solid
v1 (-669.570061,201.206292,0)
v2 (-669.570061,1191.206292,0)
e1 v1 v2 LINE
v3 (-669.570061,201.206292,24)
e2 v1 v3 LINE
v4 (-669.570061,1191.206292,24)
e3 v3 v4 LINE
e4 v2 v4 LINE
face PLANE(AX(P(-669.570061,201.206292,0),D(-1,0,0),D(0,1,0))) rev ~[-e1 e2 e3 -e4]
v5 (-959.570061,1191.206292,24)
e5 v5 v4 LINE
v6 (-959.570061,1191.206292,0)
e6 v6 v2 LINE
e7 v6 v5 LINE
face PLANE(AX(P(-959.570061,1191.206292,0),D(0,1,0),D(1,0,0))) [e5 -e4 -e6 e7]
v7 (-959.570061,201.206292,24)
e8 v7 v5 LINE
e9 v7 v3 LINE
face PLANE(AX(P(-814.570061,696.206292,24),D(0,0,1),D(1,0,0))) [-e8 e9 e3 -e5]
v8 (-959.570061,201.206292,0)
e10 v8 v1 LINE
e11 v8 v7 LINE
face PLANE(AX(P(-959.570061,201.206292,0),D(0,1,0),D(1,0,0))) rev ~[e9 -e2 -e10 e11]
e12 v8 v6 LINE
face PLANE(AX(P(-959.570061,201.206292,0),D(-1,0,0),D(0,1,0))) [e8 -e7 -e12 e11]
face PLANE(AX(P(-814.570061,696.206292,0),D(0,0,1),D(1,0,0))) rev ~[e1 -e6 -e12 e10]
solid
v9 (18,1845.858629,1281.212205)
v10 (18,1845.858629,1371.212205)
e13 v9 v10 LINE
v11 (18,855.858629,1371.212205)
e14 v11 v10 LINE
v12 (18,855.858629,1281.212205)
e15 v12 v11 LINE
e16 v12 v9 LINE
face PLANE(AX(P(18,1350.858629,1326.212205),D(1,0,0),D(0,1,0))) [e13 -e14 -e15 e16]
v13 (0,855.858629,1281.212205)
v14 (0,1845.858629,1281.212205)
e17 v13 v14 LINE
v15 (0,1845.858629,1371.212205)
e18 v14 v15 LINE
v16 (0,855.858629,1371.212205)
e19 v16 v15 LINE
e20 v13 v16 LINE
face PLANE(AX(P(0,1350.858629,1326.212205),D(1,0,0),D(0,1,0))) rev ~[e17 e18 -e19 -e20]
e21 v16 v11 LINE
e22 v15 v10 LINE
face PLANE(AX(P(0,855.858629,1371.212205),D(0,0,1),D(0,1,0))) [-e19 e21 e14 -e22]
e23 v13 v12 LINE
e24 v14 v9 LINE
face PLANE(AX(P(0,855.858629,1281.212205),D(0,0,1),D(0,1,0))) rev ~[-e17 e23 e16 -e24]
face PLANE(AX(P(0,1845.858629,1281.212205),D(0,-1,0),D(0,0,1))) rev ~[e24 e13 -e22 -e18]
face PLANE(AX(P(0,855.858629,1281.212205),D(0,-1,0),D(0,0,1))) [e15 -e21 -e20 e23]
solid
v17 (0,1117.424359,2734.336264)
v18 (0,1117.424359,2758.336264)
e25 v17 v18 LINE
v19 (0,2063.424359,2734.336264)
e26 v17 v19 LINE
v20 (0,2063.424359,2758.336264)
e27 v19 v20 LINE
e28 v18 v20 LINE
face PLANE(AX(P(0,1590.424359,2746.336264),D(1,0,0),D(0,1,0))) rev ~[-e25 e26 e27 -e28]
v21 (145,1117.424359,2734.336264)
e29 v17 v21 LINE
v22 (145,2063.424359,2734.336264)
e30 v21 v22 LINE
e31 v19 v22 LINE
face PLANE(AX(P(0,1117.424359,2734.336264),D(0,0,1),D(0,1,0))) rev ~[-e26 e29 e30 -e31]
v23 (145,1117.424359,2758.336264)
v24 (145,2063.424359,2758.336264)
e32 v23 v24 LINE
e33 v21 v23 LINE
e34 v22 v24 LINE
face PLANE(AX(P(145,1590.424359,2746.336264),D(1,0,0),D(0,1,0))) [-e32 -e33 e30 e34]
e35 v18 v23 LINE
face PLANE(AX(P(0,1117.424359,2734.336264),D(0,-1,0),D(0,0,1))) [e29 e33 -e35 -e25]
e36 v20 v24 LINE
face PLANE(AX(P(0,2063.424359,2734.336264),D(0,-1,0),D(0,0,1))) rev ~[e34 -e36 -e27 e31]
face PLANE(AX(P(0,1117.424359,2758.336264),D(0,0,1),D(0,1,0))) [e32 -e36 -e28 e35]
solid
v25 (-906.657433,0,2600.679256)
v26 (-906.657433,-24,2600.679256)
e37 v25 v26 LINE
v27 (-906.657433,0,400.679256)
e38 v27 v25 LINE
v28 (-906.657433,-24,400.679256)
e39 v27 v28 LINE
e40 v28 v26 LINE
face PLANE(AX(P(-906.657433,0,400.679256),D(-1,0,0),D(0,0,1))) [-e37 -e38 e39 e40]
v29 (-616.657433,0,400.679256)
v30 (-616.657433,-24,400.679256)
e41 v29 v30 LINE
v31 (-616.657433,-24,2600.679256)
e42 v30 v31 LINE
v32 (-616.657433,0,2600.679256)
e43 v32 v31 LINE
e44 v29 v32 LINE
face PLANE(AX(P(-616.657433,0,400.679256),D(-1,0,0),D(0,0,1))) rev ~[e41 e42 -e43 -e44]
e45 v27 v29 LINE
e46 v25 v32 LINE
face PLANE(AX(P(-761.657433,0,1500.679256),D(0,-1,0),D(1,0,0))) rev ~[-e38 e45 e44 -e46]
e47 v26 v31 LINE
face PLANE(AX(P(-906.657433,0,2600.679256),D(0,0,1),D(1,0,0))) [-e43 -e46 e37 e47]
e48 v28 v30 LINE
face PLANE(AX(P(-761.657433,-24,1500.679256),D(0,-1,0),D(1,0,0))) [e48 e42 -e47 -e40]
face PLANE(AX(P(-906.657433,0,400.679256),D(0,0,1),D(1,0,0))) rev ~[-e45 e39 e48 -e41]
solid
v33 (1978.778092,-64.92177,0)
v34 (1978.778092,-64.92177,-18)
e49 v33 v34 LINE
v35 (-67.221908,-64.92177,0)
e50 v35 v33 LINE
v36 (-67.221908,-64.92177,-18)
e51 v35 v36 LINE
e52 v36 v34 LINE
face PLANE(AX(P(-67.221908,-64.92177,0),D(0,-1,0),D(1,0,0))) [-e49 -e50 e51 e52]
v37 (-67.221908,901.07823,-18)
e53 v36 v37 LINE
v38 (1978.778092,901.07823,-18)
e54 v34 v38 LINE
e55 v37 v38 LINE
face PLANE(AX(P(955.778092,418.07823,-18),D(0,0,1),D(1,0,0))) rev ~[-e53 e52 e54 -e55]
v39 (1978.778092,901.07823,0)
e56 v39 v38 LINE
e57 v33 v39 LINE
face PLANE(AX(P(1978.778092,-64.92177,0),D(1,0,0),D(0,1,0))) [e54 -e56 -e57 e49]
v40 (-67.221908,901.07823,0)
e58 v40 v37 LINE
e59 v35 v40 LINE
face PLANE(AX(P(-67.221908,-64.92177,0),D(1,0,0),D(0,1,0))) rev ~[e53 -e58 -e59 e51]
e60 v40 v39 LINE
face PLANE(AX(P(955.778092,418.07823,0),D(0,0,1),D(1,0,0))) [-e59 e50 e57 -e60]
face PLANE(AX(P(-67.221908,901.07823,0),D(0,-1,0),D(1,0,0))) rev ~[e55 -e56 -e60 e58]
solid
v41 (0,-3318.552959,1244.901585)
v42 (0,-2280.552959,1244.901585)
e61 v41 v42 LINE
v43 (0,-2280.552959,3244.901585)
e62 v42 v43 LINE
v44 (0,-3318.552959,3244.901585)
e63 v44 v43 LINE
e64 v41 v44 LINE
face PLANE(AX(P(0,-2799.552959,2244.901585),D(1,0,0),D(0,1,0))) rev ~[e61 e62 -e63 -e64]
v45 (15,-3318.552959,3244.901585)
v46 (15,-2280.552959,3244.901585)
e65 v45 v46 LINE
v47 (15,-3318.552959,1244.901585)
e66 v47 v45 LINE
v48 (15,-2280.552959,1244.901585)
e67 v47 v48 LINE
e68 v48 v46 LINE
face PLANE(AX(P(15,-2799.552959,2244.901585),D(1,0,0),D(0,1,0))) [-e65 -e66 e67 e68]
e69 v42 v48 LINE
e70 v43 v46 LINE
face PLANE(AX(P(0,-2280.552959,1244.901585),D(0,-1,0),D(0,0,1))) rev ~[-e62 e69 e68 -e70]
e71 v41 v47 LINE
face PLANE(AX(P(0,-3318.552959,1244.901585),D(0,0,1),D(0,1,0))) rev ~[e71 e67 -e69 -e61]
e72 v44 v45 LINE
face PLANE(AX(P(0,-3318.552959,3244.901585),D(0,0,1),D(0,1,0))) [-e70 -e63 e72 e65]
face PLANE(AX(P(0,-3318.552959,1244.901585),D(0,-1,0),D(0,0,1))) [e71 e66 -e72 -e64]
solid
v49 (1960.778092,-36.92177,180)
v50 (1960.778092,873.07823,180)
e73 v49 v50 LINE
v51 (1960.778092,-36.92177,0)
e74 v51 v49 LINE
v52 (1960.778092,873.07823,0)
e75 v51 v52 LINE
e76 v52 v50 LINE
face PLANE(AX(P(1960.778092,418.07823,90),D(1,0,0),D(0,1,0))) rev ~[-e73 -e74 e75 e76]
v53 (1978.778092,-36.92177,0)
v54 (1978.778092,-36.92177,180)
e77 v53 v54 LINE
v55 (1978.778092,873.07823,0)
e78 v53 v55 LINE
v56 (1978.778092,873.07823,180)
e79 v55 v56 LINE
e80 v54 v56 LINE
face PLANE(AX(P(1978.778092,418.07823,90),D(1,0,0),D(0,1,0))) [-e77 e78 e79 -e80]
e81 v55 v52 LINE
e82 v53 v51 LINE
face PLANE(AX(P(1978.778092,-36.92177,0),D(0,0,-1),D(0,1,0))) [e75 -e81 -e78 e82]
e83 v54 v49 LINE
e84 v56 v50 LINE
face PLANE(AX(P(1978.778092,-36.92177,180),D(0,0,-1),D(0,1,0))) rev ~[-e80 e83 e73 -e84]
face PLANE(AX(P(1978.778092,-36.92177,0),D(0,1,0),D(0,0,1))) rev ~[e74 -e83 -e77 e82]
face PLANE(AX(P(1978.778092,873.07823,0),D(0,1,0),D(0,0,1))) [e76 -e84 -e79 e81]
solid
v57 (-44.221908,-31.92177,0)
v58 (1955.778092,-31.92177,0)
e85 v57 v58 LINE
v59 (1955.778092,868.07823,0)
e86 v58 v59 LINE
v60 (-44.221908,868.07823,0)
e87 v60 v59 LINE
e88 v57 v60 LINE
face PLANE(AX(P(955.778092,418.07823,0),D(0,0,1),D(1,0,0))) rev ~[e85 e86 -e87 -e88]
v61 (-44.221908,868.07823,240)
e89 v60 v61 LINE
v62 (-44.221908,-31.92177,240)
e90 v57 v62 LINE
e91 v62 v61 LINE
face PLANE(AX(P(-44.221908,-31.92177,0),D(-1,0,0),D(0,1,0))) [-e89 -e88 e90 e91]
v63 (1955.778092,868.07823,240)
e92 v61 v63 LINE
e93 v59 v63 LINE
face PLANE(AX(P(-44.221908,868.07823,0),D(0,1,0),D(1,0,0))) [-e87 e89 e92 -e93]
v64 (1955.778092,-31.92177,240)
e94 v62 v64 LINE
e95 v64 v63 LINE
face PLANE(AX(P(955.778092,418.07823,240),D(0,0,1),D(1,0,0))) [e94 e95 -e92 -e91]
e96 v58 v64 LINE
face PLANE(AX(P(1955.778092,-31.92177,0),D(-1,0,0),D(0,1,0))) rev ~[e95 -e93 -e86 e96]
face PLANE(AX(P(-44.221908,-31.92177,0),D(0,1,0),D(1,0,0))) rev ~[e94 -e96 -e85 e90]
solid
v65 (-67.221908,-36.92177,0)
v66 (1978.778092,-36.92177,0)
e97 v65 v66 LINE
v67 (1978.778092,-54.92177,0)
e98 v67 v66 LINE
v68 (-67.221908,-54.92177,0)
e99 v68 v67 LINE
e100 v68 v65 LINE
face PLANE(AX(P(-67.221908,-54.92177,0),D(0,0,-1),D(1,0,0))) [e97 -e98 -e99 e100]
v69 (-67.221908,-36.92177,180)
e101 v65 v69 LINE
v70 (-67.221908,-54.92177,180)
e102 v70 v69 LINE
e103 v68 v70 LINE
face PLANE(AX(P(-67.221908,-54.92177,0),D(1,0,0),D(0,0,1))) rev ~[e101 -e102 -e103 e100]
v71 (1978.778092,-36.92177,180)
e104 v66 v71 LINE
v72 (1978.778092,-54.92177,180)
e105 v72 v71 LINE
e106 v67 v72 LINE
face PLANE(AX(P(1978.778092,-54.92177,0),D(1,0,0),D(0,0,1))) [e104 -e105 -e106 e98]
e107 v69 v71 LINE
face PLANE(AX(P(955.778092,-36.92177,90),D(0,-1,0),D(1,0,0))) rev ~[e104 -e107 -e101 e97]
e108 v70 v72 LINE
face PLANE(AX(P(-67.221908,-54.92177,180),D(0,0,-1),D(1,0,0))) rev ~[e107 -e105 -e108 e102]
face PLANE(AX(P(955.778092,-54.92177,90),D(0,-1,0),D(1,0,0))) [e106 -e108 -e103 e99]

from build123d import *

# Parameters (mm, degrees)
F5_W      = 2000
F5_H      = 900
F6_DEPTH  = 240
F7_W      = 2046
F7_H      = 966
F8_DEPTH  = 18
F10_W     = 2046
F10_H     = 180
F11_DEPTH = 18
F12_W     = 910
F12_H     = 180
F13_DEPTH = 18
F14_W     = 290
F14_H     = 2200
F15_DEPTH = 24
F16_W     = 290
F16_H     = 990
F17_DEPTH = 24
F18_W     = 990
F18_H     = 90
F19_DEPTH = 18
F20_W     = 946
F20_H     = 24
F21_DEPTH = 145
F22_W     = 1038
F22_H     = 2000
F23_DEPTH = 15


with BuildPart() as f6:
    # F5 (on Top) → F6 (new body)
    with BuildSketch(Plane.XY):
        with Locations((955.7780921459, 418.0782295763)):
            Rectangle(F5_W, F5_H)
    extrude(amount=F6_DEPTH)


with BuildPart() as f8:
    # F7 (on Top) → F8 (new body)
    with BuildSketch(Plane.XY):
        with Locations((955.7780921459, 418.0782295763)):
            Rectangle(F7_W, F7_H)
    extrude(amount=-F8_DEPTH)


with BuildPart() as f11:
    # F10 (on offset) → F11 (new body)
    with BuildSketch(Plane.XZ.offset(54.9217704237)):
        with Locations((955.7780921459, 90)):
            Rectangle(F10_W, F10_H)
    extrude(amount=-F11_DEPTH)


with BuildPart() as f13:
    # F12 (on face) → F13 (new body)
    with BuildSketch(Plane.YZ.offset(1978.7780921459)):
        with Locations((418.0782295763, 90)):
            Rectangle(F12_W, F12_H)
    extrude(amount=-F13_DEPTH)


with BuildPart() as f15:
    # F14 (on Front) → F15 (new body)
    with BuildSketch(Plane.XZ):
        with Locations((-761.657433033, 1500.679255718)):
            Rectangle(F14_W, F14_H)
    extrude(amount=F15_DEPTH)


with BuildPart() as f17:
    # F16 (on Top) → F17 (new body)
    with BuildSketch(Plane.XY):
        with Locations((-814.5700612068, 696.2062922447)):
            Rectangle(F16_W, F16_H)
    extrude(amount=F17_DEPTH)


with BuildPart() as f19:
    # F18 (on Right) → F19 (new body)
    with BuildSketch(Plane.YZ):
        with Locations((1350.8586287498, 1326.2122045411)):
            Rectangle(F18_W, F18_H)
    extrude(amount=F19_DEPTH)


with BuildPart() as f21:
    # F20 (on Right) → F21 (new body)
    with BuildSketch(Plane.YZ):
        with Locations((1590.4243588448, 2746.336264422)):
            Rectangle(F20_W, F20_H)
    extrude(amount=F21_DEPTH)


with BuildPart() as f23:
    # F22 (on Right) → F23 (new body)
    with BuildSketch(Plane.YZ):
        with Locations((-2799.5529594421, 2244.9015852496)):
            Rectangle(F22_W, F22_H)
    extrude(amount=F23_DEPTH)


solid = Compound([f6.part, f8.part, f11.part, f13.part, f15.part, f17.part, f19.part, f21.part, f23.part])
